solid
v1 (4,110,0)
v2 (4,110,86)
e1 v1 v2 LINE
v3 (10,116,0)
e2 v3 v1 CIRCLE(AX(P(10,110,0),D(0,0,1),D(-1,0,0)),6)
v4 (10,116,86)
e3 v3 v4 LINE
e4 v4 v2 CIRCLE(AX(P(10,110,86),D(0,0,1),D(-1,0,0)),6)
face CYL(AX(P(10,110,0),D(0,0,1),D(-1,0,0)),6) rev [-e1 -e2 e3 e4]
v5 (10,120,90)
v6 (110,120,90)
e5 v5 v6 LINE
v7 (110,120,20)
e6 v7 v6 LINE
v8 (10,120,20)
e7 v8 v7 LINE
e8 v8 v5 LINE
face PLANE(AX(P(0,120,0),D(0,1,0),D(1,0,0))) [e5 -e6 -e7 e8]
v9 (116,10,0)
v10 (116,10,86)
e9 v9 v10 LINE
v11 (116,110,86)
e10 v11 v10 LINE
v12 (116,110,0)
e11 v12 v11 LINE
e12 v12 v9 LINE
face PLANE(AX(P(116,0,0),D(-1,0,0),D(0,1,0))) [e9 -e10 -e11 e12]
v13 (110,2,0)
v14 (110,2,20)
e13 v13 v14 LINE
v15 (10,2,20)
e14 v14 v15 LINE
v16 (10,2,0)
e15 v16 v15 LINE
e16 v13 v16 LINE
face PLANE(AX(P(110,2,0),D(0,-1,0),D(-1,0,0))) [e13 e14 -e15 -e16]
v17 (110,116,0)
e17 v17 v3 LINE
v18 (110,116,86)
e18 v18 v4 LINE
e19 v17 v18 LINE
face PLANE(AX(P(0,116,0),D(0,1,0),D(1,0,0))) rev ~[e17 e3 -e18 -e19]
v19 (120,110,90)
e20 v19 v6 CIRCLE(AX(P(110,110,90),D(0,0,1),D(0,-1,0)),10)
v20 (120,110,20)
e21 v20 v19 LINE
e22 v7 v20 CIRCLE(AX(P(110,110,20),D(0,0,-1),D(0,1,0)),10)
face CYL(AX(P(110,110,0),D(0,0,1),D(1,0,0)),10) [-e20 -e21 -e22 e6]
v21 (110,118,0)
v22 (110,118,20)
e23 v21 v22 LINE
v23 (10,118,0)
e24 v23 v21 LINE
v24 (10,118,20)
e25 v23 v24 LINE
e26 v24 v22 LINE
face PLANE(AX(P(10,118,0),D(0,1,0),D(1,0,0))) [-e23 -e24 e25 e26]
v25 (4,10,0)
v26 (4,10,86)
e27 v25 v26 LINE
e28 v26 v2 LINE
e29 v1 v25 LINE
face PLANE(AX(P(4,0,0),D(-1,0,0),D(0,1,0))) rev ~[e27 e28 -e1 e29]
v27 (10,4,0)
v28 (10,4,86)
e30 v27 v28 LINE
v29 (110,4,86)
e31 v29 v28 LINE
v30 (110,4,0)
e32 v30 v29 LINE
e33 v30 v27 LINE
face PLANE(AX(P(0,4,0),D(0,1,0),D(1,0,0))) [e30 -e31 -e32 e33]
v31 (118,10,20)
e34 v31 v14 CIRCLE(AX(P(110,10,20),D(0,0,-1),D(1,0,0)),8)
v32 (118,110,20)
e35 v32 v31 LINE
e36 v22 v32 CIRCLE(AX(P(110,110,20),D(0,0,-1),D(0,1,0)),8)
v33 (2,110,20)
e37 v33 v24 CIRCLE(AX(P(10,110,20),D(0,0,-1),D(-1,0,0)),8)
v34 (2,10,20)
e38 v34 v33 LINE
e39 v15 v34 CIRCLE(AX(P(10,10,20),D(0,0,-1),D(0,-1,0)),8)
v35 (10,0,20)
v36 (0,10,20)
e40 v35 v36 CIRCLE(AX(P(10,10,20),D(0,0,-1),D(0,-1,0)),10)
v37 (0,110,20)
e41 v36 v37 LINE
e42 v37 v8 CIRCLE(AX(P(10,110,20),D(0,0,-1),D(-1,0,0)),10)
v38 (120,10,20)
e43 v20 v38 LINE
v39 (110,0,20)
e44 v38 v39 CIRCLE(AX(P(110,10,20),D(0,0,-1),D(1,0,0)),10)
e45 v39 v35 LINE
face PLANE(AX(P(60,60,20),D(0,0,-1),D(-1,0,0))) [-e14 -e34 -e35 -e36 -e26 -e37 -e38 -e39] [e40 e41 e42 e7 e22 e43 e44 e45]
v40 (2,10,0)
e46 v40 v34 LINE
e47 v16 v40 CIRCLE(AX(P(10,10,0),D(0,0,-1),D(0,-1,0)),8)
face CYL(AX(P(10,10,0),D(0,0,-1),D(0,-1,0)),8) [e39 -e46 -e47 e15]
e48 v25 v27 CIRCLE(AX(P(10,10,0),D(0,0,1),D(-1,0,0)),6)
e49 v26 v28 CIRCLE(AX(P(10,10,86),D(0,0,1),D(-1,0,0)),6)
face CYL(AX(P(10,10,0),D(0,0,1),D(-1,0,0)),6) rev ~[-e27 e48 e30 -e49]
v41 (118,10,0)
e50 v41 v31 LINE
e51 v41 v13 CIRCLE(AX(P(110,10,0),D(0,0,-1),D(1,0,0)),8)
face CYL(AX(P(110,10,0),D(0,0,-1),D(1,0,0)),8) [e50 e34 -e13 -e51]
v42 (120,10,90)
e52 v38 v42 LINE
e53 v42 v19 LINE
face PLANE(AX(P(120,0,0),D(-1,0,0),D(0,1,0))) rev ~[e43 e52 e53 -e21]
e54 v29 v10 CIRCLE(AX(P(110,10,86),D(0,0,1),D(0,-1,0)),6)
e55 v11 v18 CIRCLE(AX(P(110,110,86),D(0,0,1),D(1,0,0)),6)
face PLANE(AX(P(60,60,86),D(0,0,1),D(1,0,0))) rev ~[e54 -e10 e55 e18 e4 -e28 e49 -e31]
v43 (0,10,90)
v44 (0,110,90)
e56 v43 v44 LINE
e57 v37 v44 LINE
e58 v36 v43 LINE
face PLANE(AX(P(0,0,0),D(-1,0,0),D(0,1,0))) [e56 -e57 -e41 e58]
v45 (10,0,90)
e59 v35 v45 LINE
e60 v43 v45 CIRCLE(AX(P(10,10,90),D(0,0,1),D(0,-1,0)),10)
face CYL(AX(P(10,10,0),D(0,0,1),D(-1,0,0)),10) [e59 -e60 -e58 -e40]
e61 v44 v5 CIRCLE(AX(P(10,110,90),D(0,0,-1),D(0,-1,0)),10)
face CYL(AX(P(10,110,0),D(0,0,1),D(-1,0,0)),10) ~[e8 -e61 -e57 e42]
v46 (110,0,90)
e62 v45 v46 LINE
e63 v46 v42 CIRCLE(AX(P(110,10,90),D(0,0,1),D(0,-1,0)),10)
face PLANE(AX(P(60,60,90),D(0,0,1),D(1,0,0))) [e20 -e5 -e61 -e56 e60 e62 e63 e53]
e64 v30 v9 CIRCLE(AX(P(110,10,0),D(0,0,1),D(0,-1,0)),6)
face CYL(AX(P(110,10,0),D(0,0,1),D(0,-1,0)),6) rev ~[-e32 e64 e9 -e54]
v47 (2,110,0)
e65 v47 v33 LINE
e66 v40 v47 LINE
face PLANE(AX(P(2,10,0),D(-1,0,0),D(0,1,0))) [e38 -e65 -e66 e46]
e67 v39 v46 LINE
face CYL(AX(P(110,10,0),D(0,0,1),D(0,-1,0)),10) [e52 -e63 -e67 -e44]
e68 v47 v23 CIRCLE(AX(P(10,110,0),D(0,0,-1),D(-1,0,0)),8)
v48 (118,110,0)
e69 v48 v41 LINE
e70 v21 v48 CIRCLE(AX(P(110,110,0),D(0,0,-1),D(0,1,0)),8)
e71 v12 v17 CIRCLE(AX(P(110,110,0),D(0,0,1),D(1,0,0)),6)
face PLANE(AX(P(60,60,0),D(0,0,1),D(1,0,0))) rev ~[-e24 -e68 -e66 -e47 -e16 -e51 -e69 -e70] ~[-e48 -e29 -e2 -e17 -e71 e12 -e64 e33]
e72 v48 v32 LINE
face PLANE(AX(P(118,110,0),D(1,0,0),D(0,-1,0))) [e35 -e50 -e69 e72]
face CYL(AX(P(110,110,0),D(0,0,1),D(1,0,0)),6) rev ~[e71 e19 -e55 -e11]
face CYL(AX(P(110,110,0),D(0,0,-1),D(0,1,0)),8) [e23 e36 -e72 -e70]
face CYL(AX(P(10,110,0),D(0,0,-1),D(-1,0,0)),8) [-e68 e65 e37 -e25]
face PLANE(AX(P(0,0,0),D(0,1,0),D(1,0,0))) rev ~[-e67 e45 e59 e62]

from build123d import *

# Parameters (mm, degrees)
SKETCH1_W           = 120
SKETCH1_H           = 120
BOSS_EXTRUDE1_DEPTH = 90
FILLET2_R           = 10
SHELL1_T            = -4
CUT_EXTRUDE1_DEPTH  = 20


with BuildPart() as part:
    # Sketch1 → Boss-Extrude1 (new body)
    with BuildSketch(Plane.XY):
        with Locations((60, 60)):
            Rectangle(SKETCH1_W, SKETCH1_H)
    extrude(amount=BOSS_EXTRUDE1_DEPTH)

    # Fillet2
    fillet2_edges = [part.edges().sort_by_distance(p)[0] for p in [
        (0, 0, 45),
        (120, 0, 45),
        (120, 120, 45),
        (0, 120, 45),
    ]]
    fillet(fillet2_edges, radius=FILLET2_R)

    # Shell1
    shell1_openings = [part.faces().sort_by_distance(p)[0] for p in [
        (60, 60, 0),
    ]]
    offset(amount=SHELL1_T, openings=shell1_openings, kind=Kind.INTERSECTION)

    # Sketch2 → Cut-Extrude1 (cut)
    with BuildSketch(Plane(origin=(0, 0, 0), x_dir=(-1, 0, 0), z_dir=(0, 0, -1))):
        with BuildLine():
            Line((-10, 120), (-110, 120))
            ThreePointArc((-110, 120), (-117.071067812, 117.071067812), (-120, 110))
            Line((-120, 110), (-120, 10))
            ThreePointArc((-120, 10), (-117.071067812, 2.928932188), (-110, 0))
            Line((-110, 0), (-10, 0))
            ThreePointArc((-10, 0), (-2.928932188, 2.928932188), (0, 10))
            Line((0, 10), (0, 110))
            ThreePointArc((0, 110), (-2.928932188, 117.071067812), (-10, 120))
        make_face()
        with BuildLine():
            Line((-10, 118), (-110, 118))
            ThreePointArc((-110, 118), (-115.656854249, 115.656854249), (-118, 110))
            Line((-118, 110), (-118, 10))
            ThreePointArc((-118, 10), (-115.656854249, 4.343145751), (-110, 2))
            Line((-110, 2), (-10, 2))
            ThreePointArc((-10, 2), (-4.343145751, 4.343145751), (-2, 10))
            Line((-2, 10), (-2, 110))
            ThreePointArc((-2, 110), (-4.343145751, 115.656854249), (-10, 118))
        make_face(mode=Mode.SUBTRACT)
    extrude(amount=-CUT_EXTRUDE1_DEPTH, mode=Mode.SUBTRACT)


solid = part.part
